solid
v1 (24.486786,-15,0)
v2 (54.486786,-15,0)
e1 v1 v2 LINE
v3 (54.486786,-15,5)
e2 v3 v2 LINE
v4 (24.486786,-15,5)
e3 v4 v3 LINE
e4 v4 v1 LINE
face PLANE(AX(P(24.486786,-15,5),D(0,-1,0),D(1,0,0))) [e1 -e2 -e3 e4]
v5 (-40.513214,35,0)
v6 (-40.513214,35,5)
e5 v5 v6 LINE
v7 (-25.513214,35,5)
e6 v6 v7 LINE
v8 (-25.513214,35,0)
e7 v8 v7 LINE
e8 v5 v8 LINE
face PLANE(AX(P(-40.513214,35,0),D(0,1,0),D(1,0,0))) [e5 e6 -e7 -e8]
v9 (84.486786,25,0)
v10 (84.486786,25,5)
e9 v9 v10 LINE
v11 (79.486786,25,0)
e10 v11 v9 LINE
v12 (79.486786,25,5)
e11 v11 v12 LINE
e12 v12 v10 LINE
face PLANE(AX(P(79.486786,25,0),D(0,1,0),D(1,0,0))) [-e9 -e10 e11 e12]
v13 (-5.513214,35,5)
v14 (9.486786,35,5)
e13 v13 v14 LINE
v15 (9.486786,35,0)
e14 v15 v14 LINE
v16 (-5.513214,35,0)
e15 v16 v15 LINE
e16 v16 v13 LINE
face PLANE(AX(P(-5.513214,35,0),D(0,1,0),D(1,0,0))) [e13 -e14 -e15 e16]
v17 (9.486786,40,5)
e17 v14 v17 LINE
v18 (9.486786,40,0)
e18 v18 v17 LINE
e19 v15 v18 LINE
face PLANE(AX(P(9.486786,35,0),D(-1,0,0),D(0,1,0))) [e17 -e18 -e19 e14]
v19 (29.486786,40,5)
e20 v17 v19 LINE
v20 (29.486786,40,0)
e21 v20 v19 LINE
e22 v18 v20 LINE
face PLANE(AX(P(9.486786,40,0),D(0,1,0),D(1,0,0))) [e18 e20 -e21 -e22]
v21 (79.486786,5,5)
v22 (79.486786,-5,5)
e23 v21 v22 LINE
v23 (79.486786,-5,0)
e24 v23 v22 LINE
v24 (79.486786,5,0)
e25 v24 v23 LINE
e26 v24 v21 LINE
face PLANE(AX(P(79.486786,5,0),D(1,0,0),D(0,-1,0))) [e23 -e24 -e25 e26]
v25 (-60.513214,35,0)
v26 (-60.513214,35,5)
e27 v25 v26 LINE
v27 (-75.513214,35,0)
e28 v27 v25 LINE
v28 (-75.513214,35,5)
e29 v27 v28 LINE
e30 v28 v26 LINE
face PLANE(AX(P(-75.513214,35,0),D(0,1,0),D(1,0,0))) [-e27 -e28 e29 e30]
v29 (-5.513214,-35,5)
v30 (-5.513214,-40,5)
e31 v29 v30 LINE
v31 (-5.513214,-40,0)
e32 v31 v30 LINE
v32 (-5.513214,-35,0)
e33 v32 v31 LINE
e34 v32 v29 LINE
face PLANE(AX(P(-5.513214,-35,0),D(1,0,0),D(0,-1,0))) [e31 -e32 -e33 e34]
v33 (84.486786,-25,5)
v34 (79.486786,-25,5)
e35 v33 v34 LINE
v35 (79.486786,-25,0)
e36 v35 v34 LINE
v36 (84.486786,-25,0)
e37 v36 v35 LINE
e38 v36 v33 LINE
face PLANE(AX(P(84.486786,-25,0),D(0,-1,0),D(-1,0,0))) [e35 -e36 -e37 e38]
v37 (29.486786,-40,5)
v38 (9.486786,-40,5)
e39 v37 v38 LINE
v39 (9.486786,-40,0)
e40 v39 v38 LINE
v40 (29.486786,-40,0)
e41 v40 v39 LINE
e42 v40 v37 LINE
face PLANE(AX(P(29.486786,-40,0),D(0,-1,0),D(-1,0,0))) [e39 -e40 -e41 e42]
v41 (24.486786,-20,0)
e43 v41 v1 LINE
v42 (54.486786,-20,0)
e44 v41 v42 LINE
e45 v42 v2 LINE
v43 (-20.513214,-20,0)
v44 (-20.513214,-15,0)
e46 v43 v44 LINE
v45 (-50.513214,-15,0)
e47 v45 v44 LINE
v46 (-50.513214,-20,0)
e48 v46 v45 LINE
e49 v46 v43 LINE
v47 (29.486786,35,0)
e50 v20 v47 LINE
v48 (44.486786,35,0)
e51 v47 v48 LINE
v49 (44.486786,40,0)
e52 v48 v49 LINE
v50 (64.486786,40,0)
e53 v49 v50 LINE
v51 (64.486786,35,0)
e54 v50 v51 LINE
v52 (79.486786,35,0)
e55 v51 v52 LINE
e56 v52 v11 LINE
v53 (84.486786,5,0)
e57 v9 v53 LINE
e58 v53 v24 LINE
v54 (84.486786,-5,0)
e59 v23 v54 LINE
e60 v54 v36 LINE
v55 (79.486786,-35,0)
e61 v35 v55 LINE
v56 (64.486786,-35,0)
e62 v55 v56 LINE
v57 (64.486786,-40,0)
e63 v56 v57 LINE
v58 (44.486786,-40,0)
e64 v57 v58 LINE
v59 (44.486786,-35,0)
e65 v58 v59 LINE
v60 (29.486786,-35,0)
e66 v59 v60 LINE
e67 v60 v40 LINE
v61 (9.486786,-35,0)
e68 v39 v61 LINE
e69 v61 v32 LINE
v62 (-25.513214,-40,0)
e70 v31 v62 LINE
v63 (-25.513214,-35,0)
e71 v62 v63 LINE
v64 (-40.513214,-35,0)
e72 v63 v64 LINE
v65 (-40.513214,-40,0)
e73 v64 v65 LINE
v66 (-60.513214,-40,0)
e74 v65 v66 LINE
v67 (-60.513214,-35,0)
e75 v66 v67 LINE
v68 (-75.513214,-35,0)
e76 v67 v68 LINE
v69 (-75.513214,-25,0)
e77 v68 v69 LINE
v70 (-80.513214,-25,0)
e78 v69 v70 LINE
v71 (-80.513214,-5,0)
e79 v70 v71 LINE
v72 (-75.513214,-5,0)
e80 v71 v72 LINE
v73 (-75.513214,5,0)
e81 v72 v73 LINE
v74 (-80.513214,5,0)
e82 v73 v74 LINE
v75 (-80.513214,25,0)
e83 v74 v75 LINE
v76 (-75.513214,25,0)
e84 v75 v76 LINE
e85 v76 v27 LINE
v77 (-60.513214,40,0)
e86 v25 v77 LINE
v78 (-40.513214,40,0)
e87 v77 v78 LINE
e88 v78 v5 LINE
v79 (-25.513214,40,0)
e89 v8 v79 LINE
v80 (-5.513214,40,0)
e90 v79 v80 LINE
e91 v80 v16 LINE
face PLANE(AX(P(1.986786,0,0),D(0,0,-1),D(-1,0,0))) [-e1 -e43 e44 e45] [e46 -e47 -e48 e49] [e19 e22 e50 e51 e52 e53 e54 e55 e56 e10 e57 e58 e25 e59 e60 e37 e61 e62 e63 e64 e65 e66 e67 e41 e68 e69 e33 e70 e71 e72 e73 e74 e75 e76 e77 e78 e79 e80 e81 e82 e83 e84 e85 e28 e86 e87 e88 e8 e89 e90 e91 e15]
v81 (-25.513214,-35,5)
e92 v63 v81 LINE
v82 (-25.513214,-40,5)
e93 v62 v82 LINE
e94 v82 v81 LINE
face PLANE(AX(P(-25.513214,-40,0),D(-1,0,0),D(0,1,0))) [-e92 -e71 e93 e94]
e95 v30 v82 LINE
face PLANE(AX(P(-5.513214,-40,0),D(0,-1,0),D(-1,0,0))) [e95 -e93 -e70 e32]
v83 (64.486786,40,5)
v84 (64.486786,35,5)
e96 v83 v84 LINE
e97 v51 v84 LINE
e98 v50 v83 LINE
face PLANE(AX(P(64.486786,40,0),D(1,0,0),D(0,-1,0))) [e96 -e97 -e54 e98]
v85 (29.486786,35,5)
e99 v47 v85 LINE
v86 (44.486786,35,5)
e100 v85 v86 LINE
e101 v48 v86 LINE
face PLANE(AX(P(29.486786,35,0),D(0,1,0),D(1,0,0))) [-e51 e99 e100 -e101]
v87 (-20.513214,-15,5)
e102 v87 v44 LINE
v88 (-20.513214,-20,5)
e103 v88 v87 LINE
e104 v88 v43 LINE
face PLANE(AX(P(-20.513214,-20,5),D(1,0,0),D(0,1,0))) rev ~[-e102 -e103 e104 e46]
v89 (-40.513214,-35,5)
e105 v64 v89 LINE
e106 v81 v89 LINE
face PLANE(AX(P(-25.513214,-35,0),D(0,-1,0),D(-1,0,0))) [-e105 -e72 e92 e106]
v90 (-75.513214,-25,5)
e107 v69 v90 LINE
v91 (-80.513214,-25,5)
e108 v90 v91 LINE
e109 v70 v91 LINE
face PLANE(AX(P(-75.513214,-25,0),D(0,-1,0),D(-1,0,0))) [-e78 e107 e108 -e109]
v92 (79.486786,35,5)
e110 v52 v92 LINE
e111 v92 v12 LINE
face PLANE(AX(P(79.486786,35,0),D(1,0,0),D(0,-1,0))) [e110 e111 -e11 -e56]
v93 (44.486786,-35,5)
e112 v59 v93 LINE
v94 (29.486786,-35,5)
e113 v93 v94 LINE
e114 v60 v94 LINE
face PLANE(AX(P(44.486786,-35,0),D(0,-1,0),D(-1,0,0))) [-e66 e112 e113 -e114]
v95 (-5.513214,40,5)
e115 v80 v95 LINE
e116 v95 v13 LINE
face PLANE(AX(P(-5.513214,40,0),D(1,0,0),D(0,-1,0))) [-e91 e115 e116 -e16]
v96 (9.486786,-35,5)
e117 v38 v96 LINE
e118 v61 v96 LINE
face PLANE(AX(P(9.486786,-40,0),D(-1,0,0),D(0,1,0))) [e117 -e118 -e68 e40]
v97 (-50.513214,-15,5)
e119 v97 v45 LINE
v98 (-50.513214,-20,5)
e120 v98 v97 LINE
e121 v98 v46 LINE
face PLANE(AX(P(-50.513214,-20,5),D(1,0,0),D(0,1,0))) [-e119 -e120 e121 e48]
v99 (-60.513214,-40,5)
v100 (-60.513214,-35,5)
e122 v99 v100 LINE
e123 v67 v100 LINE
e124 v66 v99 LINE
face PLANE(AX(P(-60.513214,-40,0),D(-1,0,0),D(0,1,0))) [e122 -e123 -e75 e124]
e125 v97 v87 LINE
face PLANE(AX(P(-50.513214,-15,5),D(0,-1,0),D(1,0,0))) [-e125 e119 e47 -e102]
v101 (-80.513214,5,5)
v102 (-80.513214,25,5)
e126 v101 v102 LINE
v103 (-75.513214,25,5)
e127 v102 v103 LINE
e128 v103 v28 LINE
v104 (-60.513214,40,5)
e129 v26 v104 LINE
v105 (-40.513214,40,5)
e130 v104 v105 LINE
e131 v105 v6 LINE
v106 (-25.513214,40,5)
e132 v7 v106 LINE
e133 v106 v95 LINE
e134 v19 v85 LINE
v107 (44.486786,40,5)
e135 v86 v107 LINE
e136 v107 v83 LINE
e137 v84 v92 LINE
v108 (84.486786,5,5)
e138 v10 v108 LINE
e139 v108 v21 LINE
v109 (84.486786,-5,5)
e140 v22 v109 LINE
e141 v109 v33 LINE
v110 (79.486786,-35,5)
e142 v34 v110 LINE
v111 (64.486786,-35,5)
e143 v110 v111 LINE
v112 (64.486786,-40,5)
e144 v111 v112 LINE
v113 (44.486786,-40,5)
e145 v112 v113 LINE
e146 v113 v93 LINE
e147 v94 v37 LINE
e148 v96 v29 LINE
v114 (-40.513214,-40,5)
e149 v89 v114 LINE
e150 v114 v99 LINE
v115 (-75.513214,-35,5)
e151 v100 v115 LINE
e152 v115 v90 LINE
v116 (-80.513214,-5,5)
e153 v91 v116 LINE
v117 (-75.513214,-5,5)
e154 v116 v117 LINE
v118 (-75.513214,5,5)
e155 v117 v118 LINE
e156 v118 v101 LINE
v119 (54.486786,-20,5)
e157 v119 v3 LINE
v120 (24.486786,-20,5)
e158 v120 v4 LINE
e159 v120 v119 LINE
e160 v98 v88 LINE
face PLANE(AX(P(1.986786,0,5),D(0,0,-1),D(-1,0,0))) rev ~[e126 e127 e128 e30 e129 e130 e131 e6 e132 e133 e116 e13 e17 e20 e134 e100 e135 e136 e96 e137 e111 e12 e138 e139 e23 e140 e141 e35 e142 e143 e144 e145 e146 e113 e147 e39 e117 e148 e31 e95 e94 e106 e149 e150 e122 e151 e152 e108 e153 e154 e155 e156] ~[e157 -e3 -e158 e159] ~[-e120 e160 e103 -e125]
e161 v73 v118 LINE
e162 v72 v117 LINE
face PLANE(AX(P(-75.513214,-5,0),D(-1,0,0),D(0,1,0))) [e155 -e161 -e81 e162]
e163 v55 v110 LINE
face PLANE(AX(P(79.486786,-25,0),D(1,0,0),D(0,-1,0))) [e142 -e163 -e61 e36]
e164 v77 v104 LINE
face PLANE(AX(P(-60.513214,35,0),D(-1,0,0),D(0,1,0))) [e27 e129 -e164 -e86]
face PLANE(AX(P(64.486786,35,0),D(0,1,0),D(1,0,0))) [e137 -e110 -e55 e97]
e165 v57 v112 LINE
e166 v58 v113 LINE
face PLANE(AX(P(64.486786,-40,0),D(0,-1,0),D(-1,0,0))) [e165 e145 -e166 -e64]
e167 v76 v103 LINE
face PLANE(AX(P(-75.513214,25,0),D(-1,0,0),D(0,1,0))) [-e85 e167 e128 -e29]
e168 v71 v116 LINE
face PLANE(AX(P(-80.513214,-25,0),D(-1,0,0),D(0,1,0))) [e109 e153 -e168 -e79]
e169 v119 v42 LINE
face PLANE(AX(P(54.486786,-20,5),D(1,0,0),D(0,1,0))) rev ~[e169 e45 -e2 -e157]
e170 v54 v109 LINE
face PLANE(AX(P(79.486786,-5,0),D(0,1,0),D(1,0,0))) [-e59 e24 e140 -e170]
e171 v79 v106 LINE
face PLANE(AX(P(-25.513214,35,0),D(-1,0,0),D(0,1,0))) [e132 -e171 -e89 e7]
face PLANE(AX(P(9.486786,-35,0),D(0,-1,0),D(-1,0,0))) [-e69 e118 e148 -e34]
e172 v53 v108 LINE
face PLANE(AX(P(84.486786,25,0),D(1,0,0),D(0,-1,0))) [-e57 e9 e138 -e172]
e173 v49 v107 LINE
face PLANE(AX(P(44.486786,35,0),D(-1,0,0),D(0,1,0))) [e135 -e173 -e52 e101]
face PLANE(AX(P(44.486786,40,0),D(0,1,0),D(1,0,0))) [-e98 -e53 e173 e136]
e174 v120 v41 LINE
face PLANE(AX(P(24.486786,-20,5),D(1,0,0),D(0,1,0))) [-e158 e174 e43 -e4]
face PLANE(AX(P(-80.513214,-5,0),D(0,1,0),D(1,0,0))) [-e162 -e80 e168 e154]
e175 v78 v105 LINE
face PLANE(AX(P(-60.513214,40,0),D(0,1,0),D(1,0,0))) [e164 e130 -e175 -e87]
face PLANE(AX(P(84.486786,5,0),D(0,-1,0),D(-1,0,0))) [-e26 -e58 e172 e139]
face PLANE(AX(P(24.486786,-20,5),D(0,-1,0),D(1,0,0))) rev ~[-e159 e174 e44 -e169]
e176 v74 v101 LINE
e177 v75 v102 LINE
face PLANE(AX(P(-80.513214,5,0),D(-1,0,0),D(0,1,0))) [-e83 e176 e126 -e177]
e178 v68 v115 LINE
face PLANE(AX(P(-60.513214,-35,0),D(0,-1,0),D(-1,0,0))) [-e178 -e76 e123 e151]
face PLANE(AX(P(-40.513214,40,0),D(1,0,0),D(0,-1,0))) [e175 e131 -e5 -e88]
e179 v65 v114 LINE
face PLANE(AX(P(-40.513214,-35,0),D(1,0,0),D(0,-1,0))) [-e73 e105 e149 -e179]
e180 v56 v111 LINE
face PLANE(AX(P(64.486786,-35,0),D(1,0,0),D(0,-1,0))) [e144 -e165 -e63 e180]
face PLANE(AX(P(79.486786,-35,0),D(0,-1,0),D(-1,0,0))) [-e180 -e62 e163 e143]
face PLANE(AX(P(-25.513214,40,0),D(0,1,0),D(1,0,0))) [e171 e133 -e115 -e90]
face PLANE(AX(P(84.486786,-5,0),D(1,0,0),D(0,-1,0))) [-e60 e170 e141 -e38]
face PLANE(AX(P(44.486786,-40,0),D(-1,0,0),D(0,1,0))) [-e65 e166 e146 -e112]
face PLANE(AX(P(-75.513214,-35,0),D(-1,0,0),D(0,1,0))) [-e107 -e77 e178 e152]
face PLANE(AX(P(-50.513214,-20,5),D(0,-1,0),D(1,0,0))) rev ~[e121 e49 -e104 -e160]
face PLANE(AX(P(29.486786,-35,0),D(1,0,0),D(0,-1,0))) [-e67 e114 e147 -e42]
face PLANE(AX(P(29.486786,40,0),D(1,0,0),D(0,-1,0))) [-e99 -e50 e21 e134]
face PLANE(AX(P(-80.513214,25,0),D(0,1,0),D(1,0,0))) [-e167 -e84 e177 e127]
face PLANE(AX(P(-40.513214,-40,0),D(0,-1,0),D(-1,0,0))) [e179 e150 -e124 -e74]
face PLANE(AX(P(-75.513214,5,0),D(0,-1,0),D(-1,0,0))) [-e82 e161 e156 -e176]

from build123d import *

# Parameters (mm, degrees)
BOSS_EXTRUDE1_DEPTH = 5
SKETCH2_W           = 30
SKETCH2_H           = 5
CUT_EXTRUDE1_DEPTH  = 5


with BuildPart() as part:
    # Sketch1 → Boss-Extrude1 (new body)
    with BuildSketch(Plane.XY):
        Polygon((-75.513214474, 35), (-60.513214474, 35), (-60.513214474, 40), (-40.513214474, 40), (-40.513214474, 35), (-25.513214474, 35), (-25.513214474, 40), (-5.513214474, 40), (-5.513214474, 35), (9.486785526, 35), (9.486785526, 40), (29.486785526, 40), (29.486785526, 35), (44.486785526, 35), (44.486785526, 40), (64.486785526, 40), (64.486785526, 35), (79.486785526, 35), (79.486785526, 25), (84.486785526, 25), (84.486785526, 5), (79.486785526, 5), (79.486785526, -5), (84.486785526, -5), (84.486785526, -25), (79.486785526, -25), (79.486785526, -35), (64.486785526, -35), (64.486785526, -40), (44.486785526, -40), (44.486785526, -35), (29.486785526, -35), (29.486785526, -40), (9.486785526, -40), (9.486785526, -35), (-5.513214474, -35), (-5.513214474, -40), (-25.513214474, -40), (-25.513214474, -35), (-40.513214474, -35), (-40.513214474, -40), (-60.513214474, -40), (-60.513214474, -35), (-75.513214474, -35), (-75.513214474, -25), (-80.513214474, -25), (-80.513214474, -5), (-75.513214474, -5), (-75.513214474, 5), (-80.513214474, 5), (-80.513214474, 25), (-75.513214474, 25), align=None)
    extrude(amount=BOSS_EXTRUDE1_DEPTH)

    # Sketch2 → Cut-Extrude1 (cut)
    with BuildSketch(Plane.XY.offset(5)):
        with Locations((39.486785526, -17.5)):
            Rectangle(SKETCH2_W, SKETCH2_H)
        with Locations((-35.513214474, -17.5)):
            Rectangle(SKETCH2_W, SKETCH2_H)
    extrude(amount=-CUT_EXTRUDE1_DEPTH, mode=Mode.SUBTRACT)


solid = part.part
